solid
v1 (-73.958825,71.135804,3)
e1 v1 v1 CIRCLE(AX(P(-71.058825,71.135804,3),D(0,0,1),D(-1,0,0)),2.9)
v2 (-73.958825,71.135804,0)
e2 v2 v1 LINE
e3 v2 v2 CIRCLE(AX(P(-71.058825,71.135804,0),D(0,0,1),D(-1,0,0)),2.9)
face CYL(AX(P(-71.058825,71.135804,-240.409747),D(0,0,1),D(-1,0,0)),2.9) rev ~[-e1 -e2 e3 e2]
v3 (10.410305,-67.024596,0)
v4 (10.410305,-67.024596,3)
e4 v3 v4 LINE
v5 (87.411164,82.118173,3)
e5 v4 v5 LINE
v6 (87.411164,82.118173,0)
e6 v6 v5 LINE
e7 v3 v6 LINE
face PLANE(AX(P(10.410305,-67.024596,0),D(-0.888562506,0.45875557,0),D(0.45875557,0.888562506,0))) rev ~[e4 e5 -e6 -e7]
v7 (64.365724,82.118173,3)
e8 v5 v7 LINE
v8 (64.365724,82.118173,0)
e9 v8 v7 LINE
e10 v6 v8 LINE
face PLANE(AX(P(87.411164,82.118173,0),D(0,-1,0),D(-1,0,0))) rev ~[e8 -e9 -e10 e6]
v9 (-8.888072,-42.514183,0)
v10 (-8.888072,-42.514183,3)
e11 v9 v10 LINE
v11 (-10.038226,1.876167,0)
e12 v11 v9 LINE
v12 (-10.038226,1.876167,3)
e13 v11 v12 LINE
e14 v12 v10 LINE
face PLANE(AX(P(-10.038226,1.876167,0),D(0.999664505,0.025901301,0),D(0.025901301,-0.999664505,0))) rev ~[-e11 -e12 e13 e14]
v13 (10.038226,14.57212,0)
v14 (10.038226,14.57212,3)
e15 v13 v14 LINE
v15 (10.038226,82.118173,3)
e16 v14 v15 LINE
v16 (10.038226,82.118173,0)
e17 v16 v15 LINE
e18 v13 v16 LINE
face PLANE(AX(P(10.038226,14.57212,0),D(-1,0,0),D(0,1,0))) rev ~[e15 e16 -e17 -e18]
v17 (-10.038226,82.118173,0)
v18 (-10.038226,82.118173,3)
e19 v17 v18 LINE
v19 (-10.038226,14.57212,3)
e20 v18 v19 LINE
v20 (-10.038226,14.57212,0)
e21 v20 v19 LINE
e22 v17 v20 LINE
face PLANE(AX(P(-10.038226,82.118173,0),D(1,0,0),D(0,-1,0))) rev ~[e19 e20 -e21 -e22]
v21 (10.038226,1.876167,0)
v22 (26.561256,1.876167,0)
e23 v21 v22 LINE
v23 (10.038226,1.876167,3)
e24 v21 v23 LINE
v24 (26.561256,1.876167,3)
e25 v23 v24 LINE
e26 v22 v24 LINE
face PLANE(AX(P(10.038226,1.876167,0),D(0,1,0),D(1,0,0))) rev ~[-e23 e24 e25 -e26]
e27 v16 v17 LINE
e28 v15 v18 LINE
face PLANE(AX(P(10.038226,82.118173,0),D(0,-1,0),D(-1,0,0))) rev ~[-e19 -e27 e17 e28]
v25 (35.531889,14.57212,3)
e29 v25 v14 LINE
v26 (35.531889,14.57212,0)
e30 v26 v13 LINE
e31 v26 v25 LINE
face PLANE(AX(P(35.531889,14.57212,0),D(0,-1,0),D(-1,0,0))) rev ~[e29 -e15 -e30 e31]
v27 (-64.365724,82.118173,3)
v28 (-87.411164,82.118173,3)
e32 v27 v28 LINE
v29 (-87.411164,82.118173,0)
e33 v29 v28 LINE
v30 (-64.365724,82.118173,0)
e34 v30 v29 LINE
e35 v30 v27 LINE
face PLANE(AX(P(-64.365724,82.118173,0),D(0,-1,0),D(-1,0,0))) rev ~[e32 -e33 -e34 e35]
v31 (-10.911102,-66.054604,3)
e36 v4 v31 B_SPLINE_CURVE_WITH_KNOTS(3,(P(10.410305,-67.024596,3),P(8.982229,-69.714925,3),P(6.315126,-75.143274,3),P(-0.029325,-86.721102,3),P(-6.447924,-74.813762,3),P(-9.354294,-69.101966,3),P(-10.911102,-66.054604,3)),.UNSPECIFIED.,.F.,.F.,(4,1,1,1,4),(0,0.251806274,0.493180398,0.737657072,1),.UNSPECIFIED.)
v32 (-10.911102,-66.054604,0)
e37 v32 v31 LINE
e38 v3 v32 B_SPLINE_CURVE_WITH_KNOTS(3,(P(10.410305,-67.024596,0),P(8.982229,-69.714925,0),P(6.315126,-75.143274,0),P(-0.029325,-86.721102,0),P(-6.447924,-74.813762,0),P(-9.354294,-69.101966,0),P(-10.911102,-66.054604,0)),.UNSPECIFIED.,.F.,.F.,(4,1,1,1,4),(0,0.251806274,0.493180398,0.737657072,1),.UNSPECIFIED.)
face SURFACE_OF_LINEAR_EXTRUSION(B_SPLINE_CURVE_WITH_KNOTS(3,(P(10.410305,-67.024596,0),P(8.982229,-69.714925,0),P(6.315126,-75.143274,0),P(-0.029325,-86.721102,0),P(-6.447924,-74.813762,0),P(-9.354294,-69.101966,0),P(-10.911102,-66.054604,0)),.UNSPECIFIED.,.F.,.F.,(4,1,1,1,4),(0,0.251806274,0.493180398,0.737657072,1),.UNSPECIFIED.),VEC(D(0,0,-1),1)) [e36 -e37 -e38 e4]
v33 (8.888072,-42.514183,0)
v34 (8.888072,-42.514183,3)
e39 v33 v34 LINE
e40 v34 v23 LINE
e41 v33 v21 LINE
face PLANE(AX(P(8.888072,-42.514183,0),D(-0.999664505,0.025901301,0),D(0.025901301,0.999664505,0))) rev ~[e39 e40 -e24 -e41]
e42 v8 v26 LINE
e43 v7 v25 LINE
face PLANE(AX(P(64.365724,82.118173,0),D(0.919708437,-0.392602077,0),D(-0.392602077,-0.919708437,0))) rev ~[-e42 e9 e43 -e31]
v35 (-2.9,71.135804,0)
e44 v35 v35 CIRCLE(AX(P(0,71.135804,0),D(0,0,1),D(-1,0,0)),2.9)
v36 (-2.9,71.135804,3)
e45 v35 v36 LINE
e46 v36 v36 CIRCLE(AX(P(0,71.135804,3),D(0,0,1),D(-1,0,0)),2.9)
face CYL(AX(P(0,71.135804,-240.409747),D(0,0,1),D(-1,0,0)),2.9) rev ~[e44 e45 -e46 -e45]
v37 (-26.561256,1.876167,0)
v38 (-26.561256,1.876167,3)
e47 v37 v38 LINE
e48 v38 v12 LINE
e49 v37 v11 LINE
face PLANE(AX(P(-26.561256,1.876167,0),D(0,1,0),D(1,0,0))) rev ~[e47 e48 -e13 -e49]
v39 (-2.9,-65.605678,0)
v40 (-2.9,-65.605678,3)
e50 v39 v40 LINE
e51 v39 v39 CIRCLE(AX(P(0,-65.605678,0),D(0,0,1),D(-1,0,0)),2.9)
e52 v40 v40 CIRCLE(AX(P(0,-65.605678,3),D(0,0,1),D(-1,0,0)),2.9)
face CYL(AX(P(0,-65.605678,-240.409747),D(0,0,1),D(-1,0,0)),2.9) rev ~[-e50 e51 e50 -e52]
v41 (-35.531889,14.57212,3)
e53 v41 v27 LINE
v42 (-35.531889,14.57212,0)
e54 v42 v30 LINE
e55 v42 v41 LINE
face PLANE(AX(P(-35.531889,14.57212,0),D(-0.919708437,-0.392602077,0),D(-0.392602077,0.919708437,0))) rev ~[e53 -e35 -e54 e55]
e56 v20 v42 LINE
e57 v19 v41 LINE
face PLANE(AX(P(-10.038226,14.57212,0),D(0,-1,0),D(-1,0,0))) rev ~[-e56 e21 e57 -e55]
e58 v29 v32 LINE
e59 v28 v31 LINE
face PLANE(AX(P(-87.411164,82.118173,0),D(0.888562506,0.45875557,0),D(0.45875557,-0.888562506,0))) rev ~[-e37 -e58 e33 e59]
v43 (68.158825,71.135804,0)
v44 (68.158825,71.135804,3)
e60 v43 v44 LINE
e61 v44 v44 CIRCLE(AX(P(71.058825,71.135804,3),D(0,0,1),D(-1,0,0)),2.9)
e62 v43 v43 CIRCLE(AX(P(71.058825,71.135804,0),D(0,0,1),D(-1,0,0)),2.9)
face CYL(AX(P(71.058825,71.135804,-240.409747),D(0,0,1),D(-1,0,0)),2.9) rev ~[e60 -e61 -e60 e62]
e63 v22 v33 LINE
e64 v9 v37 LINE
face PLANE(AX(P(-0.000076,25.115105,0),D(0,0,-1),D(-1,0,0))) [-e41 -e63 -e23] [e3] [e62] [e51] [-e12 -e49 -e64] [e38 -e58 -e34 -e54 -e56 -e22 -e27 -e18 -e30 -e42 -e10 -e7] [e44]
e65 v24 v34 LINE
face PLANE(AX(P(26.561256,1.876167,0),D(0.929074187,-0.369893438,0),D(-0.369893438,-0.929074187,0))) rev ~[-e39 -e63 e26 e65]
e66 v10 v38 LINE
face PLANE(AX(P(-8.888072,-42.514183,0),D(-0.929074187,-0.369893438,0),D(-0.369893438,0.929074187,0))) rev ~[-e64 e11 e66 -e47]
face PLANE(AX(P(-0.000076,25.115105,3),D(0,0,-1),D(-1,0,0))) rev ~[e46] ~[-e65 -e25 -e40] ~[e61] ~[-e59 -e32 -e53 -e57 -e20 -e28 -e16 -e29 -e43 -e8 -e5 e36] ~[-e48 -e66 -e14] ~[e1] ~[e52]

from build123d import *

# Parameters (mm, degrees)
F1_DEPTH   = 3
F4_D       = 5.8
F4_ON_F2_D = 5.8


with BuildPart() as f1:
    # F0 (on Top) → F1 (new body)
    with BuildSketch(Plane.XY):
        with BuildLine():
            add(Edge.make_bspline(
                [(10.4103045447, -67.024596429), (8.982228674, -69.7149249082), (6.3151262234, -75.1432740364), (-0.0293251038, -86.7211019833), (-6.4479244726, -74.8137621783), (-9.3542937571, -69.1019658828), (-10.9111016264, -66.0546038255)],
                knots=[0, 0, 0, 0, 0.2518062745, 0.4931803978, 0.7376570715, 1, 1, 1, 1], degree=3))
            Line((10.4103045447, -67.024596429), (87.4111636015, 82.118173113))
            Line((87.4111636015, 82.118173113), (64.3657235353, 82.118173113))
            Line((64.3657235353, 82.118173113), (35.5318893309, 14.5721204152))
            Line((35.5318893309, 14.5721204152), (10.0382260192, 14.5721204152))
            Line((10.0382260192, 14.5721204152), (10.0382260192, 82.118173113))
            Line((10.0382260192, 82.118173113), (0, 82.118173113))
            Line((0, 82.118173113), (-10.0382260192, 82.118173113))
            Line((-10.0382260192, 82.118173113), (-10.0382260192, 14.5721204152))
            Line((-10.0382260192, 14.5721204152), (-35.5318893309, 14.5721204152))
            Line((-35.5318893309, 14.5721204152), (-64.3657235353, 82.118173113))
            Line((-64.3657235353, 82.118173113), (-87.4111636015, 82.118173113))
            Line((-87.4111636015, 82.118173113), (-10.9111016264, -66.0546038255))
        make_face()
        Polygon((-10.0382260192, 1.8761669675), (-8.8880723342, -42.5141826272), (-26.5612563327, 1.8761669675), align=None, mode=Mode.SUBTRACT)
        Polygon((8.8880723342, -42.5141826272), (10.0382260192, 1.8761669675), (26.5612563327, 1.8761669675), align=None, mode=Mode.SUBTRACT)
    extrude(amount=F1_DEPTH)

    # F4 (through all)
    with Locations(Plane(origin=(0, 0, 0), x_dir=(1, 0, 0), z_dir=(0, 0, -1))):
        with Locations((-71.0588246584, -71.1358040571), (0, -71.1358040571), (71.0588246584, -71.1358040571)):
            Hole(F4_D / 2)

    # F4 on F2 (through all)
    with Locations(Plane(origin=(0, 0, 0), x_dir=(1, 0, 0), z_dir=(0, 0, -1))):
        with Locations((0, 65.6056776643)):
            Hole(F4_ON_F2_D / 2)


solid = f1.part
